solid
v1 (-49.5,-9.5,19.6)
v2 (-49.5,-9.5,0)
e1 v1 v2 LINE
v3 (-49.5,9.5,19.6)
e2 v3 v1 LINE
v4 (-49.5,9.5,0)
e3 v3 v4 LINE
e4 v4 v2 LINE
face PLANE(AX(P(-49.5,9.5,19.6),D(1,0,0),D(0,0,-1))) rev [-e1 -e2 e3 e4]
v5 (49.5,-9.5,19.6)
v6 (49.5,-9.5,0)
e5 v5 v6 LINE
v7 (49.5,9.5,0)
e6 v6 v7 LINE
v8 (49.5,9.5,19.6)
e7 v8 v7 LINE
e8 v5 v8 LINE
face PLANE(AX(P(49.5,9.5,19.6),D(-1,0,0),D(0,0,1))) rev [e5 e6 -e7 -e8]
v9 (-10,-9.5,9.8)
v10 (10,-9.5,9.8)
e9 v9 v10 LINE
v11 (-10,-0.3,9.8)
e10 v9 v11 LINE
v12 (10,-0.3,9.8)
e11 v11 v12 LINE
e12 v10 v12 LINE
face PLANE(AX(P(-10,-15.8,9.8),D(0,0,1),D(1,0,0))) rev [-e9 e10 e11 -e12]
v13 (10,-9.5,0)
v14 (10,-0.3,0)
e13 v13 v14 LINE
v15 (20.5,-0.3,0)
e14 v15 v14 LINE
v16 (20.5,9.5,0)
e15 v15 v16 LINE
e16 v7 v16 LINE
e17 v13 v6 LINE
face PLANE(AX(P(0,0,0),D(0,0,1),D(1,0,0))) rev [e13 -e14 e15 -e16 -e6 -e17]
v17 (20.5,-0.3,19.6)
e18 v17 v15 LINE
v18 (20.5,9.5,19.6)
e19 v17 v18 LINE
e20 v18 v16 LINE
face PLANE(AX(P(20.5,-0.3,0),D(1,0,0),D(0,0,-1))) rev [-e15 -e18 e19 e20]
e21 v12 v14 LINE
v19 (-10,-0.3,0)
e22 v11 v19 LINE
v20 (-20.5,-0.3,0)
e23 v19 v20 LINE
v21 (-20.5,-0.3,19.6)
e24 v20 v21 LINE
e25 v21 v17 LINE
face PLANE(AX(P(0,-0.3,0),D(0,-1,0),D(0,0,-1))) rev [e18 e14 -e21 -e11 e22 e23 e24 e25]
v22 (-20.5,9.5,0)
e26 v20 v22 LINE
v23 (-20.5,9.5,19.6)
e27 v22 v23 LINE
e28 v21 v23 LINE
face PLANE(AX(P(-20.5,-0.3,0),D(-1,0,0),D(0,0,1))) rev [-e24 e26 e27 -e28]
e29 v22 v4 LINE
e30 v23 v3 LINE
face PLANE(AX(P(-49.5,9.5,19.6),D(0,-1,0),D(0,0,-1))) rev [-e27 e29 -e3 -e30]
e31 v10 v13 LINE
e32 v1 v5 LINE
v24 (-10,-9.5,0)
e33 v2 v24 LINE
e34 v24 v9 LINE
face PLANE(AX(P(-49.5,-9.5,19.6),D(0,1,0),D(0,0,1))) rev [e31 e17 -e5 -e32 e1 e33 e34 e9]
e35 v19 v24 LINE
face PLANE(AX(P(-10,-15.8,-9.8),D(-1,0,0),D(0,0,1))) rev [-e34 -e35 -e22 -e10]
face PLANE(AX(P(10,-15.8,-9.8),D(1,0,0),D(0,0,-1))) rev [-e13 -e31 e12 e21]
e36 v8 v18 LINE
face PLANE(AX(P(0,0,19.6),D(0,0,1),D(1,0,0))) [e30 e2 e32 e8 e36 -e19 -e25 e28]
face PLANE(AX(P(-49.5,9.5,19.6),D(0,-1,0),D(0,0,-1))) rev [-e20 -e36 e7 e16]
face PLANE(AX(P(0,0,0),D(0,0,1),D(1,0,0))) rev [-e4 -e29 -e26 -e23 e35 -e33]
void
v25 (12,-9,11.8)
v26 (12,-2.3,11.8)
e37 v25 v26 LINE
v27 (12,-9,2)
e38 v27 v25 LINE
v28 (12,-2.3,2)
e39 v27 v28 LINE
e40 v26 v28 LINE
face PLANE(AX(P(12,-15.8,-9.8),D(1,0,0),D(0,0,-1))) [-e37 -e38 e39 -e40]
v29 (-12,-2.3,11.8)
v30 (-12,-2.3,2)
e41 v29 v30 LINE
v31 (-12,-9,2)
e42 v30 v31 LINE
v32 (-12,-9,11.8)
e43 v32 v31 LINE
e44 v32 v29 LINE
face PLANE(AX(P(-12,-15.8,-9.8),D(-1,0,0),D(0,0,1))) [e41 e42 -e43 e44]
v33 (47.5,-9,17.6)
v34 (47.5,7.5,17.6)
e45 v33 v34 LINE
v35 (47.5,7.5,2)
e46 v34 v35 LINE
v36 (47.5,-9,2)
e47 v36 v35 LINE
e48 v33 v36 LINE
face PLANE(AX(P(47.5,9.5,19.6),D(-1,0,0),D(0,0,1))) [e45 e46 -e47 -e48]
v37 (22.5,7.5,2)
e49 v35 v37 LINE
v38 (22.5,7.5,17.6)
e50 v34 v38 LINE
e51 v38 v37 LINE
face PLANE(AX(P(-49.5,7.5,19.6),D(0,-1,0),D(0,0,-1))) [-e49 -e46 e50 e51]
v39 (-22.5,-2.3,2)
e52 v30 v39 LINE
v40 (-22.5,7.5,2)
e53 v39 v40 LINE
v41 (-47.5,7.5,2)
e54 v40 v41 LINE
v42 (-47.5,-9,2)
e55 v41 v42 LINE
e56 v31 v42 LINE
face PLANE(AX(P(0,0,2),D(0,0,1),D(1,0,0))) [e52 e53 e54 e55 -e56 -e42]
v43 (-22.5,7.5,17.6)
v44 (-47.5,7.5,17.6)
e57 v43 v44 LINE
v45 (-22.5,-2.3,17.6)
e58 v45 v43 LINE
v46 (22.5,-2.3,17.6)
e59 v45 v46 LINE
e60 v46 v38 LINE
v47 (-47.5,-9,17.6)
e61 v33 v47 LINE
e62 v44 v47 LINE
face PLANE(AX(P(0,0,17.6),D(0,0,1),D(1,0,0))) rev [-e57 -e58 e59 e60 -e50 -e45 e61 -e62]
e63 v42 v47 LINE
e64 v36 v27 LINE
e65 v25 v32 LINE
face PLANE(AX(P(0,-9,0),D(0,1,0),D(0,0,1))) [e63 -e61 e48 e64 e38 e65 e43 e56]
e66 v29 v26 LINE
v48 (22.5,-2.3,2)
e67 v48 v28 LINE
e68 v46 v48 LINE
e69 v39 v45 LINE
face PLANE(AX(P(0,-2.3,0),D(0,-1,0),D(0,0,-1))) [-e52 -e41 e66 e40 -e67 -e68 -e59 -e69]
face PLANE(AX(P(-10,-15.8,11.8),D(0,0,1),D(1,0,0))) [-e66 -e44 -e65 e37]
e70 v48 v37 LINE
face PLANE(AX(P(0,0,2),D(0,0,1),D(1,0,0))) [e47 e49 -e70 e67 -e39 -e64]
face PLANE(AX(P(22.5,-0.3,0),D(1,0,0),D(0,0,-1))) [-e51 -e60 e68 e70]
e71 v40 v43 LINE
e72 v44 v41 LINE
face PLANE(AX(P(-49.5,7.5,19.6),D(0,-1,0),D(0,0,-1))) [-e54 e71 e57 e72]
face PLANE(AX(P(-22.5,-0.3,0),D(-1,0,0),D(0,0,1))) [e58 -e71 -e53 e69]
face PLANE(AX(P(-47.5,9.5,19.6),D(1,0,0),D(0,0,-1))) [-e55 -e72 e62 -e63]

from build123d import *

# Parameters (mm, degrees)
SKETCH_1_W          = 99
SKETCH_1_H          = 19
EXTRUDE_1_DEPTH     = 19.6
SKETCH_3_W          = 41
SKETCH_3_H          = 19.6
CUT_EXTRUDE_1_DEPTH = 9.8
SKETCH_6_W          = 20
SKETCH_6_H          = 19.6
CUT_EXTRUDE_2_DEPTH = 15.5
SHELL_2_T           = -2
SKETCH_7_W          = 99
SKETCH_7_H          = 19.6
EXTRUDE_3_DEPTH     = 0.5
SKETCH_21_W         = 20
SKETCH_21_H         = 9.8
CUT_EXTRUDE_3_DEPTH = 6.5


with BuildPart() as part:
    # 草圖1 → 填料-伸長1 (new body)
    with BuildSketch(Plane.XY):
        Rectangle(SKETCH_1_W, SKETCH_1_H)
    extrude(amount=EXTRUDE_1_DEPTH)

    # 草圖3 → 除料-伸長1 (cut)
    with BuildSketch(Plane(origin=(0, 9.5, 0), x_dir=(1, 0, 0), z_dir=(0, 1, 0))):
        with Locations((0, -9.8)):
            Rectangle(SKETCH_3_W, SKETCH_3_H)
    extrude(amount=-CUT_EXTRUDE_1_DEPTH, mode=Mode.SUBTRACT)

    # 草圖6 → 除料-伸長2 (cut)
    with BuildSketch(Plane(origin=(0, -0.3, 0), x_dir=(1, 0, 0), z_dir=(0, 1, 0))):
        Rectangle(SKETCH_6_W, SKETCH_6_H)
    extrude(amount=-CUT_EXTRUDE_2_DEPTH, mode=Mode.SUBTRACT)

    # 薄殼2
    shell_2_openings = [part.faces().sort_by_distance(p)[0] for p in [
        (0, -9.5, 10.350561798),
    ]]
    offset(amount=SHELL_2_T, openings=shell_2_openings, kind=Kind.INTERSECTION)

    # 草圖7 → 填料-伸長3 (add)
    with BuildSketch(Plane.XZ.offset(9.5)):
        with Locations((0, 9.8)):
            Rectangle(SKETCH_7_W, SKETCH_7_H)
    extrude(amount=-EXTRUDE_3_DEPTH)

    # 草圖21 → 除料-伸長3 (cut)
    with BuildSketch(Plane(origin=(0, -9, 0), x_dir=(1, 0, 0), z_dir=(0, 1, 0))):
        with Locations((0, -4.9)):
            Rectangle(SKETCH_21_W, SKETCH_21_H)
    extrude(amount=-CUT_EXTRUDE_3_DEPTH, mode=Mode.SUBTRACT)


solid = part.part
